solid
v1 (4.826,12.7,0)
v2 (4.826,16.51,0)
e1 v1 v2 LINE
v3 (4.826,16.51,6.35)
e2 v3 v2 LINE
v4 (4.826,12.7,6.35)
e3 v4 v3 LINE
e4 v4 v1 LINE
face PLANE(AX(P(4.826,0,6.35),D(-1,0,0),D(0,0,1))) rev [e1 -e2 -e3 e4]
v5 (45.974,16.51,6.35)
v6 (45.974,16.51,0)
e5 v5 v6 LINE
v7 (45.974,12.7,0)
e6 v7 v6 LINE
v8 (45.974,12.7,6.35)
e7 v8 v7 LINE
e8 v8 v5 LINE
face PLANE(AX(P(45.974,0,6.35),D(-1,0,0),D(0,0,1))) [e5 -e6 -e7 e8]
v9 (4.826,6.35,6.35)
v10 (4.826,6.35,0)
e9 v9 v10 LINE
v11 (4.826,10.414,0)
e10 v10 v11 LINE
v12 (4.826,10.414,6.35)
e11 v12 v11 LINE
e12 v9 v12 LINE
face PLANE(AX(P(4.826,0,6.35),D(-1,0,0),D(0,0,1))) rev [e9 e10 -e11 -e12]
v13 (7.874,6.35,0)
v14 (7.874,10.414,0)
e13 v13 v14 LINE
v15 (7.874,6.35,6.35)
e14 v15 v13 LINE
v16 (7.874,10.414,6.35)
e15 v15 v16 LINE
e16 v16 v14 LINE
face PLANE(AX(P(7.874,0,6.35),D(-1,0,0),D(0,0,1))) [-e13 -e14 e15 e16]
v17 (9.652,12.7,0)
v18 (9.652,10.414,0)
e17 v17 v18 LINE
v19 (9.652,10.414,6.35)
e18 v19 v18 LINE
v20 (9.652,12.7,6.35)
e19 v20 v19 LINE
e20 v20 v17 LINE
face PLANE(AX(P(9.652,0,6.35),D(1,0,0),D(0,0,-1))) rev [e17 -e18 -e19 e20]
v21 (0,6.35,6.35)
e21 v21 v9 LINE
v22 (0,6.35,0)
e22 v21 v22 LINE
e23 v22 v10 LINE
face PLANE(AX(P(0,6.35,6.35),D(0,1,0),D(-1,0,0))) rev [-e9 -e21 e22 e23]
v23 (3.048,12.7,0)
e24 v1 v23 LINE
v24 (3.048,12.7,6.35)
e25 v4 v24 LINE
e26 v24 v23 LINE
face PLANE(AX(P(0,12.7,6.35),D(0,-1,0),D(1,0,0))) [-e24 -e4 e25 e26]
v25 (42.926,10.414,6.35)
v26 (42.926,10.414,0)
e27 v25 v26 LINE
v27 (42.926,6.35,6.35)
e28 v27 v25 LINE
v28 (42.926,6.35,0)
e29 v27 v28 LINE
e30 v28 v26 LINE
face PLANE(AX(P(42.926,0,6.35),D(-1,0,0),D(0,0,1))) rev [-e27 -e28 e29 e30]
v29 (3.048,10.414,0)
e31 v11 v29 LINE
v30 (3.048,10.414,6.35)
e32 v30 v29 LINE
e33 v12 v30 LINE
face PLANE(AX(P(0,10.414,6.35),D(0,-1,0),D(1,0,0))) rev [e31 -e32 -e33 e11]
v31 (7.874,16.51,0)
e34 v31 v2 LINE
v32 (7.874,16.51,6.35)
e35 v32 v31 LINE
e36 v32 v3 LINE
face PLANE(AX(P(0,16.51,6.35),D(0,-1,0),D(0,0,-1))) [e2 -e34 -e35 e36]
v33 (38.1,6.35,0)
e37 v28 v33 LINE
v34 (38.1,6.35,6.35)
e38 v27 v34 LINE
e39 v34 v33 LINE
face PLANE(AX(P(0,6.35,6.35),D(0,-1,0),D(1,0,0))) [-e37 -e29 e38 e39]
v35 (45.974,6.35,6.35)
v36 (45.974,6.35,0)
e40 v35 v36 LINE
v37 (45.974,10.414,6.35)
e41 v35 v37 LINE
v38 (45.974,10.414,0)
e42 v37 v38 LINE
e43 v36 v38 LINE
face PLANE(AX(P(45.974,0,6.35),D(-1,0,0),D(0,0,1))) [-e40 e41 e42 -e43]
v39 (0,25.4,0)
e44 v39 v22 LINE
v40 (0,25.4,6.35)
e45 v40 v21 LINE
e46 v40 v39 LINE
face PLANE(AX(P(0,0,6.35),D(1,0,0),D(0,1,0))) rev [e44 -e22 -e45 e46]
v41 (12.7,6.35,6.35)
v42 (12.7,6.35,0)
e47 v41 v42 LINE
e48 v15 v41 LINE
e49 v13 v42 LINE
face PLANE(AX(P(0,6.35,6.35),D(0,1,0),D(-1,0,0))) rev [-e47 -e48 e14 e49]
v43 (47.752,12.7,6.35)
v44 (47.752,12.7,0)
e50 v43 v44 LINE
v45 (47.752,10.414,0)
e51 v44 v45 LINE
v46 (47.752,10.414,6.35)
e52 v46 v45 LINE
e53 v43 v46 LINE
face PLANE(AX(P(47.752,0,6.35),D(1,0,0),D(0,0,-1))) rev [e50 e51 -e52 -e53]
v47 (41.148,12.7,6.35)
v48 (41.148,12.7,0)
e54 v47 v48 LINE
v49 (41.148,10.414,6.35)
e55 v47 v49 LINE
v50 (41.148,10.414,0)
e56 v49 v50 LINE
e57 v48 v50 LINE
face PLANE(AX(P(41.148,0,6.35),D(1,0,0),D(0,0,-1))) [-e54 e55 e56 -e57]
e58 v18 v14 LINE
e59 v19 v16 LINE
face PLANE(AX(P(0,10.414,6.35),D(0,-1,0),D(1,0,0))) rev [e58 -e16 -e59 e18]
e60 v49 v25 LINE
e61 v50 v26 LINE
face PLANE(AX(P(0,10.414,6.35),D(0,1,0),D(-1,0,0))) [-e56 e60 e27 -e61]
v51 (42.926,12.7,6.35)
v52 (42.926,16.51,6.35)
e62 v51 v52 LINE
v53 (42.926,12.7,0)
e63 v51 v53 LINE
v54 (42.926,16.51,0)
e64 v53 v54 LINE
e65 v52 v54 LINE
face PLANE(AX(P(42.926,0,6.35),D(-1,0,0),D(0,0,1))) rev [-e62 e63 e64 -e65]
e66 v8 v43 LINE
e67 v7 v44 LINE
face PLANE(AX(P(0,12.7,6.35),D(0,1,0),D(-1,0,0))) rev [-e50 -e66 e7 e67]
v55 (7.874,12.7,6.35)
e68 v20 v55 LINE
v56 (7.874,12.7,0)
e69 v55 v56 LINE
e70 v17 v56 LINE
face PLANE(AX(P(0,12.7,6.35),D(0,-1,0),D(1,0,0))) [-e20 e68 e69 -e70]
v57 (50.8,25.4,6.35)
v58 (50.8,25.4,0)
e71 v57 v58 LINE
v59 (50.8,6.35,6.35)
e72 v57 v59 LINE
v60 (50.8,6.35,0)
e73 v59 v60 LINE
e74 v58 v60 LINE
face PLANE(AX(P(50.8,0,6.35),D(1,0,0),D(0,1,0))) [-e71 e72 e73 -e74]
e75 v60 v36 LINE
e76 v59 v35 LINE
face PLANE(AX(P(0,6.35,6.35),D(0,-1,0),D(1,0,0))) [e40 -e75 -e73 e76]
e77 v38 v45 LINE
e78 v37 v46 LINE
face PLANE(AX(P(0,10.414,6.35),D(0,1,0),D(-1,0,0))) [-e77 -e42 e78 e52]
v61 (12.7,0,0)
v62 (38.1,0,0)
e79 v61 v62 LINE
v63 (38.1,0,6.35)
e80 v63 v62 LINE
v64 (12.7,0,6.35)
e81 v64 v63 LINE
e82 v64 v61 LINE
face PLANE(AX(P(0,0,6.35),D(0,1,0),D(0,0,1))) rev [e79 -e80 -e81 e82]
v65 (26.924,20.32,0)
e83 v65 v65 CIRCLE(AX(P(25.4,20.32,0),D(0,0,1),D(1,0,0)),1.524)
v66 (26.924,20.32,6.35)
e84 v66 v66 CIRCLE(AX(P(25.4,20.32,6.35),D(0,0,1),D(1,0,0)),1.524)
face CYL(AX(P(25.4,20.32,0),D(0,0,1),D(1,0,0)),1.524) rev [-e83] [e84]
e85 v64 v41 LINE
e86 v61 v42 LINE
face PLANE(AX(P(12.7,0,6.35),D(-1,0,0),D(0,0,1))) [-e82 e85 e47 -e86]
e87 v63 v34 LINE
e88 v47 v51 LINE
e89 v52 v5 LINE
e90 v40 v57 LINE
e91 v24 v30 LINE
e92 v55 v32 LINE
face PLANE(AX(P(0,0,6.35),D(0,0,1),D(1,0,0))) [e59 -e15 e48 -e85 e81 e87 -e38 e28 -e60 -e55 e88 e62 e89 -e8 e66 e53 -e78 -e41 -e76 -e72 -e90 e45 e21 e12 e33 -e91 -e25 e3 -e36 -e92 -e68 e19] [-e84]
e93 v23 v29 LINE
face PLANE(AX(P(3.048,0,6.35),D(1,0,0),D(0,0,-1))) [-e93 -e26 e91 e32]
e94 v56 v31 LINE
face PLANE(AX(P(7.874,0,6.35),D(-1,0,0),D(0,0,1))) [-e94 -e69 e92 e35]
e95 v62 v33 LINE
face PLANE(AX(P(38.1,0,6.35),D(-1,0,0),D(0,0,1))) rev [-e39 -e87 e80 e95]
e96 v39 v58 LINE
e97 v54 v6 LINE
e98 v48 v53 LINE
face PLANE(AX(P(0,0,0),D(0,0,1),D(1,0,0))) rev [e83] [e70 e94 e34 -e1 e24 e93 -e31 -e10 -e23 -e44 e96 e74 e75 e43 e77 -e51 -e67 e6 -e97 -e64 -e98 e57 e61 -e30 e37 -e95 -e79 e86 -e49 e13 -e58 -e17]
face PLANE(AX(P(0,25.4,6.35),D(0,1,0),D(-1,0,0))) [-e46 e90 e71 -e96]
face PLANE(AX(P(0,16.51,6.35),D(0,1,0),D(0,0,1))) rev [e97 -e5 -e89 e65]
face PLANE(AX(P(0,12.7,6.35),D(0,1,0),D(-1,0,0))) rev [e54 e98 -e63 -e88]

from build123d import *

# Parameters (mm, degrees)
BOSS_EXTRUDE1_DEPTH = 6.35
SKETCH2_R           = 1.524
CUT_EXTRUDE1_DEPTH  = 7.35


with BuildPart() as part:
    # Sketch1 → Boss-Extrude1 (new body)
    with BuildSketch(Plane.XY):
        Polygon((50.8, 25.4), (0, 25.4), (0, 6.35), (4.826, 6.35), (4.826, 10.414), (3.048, 10.414), (3.048, 12.7), (4.826, 12.7), (4.826, 16.51), (7.874, 16.51), (7.874, 12.7), (9.652, 12.7), (9.652, 10.414), (7.874, 10.414), (7.874, 6.35), (12.7, 6.35), (12.7, 0), (38.1, 0), (38.1, 6.35), (42.926, 6.35), (42.926, 10.414), (41.148, 10.414), (41.148, 12.7), (42.926, 12.7), (42.926, 16.51), (45.974, 16.51), (45.974, 12.7), (47.752, 12.7), (47.752, 10.414), (45.974, 10.414), (45.974, 6.35), (50.8, 6.35), align=None)
    extrude(amount=BOSS_EXTRUDE1_DEPTH)

    # Sketch2 → Cut-Extrude1 (cut, through all)
    with BuildSketch(Plane.XY.offset(6.35)):
        with Locations((25.4, 20.32)):
            Circle(SKETCH2_R)
    extrude(amount=-CUT_EXTRUDE1_DEPTH, mode=Mode.SUBTRACT)


solid = part.part
